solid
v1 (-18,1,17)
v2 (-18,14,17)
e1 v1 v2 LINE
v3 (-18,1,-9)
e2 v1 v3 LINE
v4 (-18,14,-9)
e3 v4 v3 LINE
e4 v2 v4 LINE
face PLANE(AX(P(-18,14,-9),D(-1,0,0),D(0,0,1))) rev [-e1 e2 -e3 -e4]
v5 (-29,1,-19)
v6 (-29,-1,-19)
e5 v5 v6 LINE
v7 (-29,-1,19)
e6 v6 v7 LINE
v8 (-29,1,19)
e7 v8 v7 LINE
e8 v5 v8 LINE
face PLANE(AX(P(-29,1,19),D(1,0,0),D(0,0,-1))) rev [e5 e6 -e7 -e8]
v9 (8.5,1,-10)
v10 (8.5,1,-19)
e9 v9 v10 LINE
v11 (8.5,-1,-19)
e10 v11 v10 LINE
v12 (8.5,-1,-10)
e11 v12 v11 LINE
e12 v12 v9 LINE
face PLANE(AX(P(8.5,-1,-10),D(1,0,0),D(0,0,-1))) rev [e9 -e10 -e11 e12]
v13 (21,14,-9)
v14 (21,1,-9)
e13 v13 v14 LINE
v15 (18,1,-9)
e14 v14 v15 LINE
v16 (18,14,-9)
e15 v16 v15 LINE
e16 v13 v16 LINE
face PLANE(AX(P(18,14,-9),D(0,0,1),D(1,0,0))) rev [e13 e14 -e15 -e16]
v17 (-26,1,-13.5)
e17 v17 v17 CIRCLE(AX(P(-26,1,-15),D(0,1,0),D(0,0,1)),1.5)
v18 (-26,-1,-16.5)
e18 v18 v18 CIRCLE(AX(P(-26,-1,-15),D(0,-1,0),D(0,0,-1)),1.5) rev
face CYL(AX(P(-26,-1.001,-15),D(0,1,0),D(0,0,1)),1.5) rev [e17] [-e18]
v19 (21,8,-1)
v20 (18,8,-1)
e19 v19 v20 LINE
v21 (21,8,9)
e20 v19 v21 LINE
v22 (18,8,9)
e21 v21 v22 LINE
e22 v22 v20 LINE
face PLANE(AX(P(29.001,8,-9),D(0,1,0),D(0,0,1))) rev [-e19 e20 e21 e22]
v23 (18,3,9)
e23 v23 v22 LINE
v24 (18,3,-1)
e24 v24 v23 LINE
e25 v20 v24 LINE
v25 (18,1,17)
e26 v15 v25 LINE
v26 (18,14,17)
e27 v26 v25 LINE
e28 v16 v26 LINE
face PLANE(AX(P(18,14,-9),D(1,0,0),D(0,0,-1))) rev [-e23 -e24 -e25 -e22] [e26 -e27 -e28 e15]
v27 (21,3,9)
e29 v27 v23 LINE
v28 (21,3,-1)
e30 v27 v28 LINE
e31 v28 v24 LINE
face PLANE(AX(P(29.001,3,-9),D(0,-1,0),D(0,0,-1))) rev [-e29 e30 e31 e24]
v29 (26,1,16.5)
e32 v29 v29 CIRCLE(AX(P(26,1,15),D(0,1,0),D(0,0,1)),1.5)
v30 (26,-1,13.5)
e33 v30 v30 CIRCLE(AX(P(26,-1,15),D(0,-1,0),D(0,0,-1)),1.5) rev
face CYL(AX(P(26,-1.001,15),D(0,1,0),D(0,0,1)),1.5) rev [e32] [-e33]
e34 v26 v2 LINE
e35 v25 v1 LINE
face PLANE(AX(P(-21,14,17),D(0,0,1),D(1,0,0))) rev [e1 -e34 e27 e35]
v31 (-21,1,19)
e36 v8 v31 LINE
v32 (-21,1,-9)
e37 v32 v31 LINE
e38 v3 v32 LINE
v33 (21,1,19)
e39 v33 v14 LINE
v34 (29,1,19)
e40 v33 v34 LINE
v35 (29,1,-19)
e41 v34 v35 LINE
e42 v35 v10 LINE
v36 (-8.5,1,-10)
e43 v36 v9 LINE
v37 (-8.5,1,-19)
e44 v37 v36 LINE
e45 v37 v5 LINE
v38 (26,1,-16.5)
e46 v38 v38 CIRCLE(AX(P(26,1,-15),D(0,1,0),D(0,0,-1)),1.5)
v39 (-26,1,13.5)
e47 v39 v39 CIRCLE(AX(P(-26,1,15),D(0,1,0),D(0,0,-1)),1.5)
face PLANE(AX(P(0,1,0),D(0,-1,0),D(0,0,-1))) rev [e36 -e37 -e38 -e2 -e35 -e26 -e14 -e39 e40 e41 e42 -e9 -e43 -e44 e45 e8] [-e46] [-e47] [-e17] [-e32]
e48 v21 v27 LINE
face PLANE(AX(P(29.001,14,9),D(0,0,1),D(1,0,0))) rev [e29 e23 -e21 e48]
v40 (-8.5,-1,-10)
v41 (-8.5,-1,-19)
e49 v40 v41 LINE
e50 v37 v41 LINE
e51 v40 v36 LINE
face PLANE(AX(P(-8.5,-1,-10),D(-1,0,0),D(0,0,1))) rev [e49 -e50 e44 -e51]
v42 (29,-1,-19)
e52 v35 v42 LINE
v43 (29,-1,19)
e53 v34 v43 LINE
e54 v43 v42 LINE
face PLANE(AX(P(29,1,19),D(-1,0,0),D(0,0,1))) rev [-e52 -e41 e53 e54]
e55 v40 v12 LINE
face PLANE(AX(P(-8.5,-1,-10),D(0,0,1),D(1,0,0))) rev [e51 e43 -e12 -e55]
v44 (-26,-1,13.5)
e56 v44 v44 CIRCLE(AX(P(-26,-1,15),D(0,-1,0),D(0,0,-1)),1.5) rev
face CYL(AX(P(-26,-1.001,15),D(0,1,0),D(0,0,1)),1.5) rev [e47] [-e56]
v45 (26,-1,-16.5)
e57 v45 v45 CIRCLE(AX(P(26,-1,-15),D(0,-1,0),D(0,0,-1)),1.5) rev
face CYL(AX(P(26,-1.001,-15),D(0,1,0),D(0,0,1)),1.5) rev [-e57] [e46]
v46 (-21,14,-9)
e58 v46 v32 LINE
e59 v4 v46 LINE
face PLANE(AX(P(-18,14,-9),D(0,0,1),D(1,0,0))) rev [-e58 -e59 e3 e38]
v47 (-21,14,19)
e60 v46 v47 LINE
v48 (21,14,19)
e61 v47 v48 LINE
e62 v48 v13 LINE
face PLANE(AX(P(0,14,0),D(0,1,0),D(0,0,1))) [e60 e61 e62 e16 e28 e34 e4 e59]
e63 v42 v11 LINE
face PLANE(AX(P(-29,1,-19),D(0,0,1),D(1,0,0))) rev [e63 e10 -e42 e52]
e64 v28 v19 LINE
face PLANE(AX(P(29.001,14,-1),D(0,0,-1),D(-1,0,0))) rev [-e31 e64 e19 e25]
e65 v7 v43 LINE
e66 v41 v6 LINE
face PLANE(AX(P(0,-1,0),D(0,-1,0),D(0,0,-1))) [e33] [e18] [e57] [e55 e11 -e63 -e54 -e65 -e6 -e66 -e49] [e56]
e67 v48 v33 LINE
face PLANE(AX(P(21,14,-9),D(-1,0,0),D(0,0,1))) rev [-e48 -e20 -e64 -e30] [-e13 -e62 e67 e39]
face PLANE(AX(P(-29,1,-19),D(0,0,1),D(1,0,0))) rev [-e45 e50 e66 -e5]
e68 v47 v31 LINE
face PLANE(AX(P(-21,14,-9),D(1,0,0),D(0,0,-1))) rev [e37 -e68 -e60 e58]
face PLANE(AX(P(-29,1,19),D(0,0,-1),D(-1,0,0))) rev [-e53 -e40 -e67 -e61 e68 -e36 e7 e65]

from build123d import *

# Parameters (mm, degrees)
SKETCH1_W               = 58
SKETCH1_H               = 38
BOSS_EXTRUDE1_DEPTH     = 1
CUT_EXTRUDE1_DEPTH      = 35.684290392
CUT_EXTRUDE1_DEPTH_BACK = 35.684290392
SKETCH2_W               = 17
SKETCH2_H               = 14.502040096
SKETCH3_W               = 3
SKETCH3_H               = 27
BOSS_EXTRUDE2_DEPTH     = 13
SKETCH4_W               = 42
SKETCH4_H               = 2
BOSS_EXTRUDE3_DEPTH     = 13
CUT_EXTRUDE2_START      = -42
SKETCH5_W               = 10
SKETCH5_H               = 5
CUT_EXTRUDE2_DEPTH      = 3
CUT_EXTRUDE3_REACH      = 39.027
SKETCH6_R               = 1.5


with BuildPart() as part:
    # Sketch1 → Boss-Extrude1 (new, symmetric)
    with BuildSketch(Plane(origin=(0, 0, 0), x_dir=(1, 0, 0), z_dir=(0, 1, 0))):
        Rectangle(SKETCH1_W, SKETCH1_H)
    extrude(amount=BOSS_EXTRUDE1_DEPTH, both=True)

    # Sketch2 → Cut-Extrude1 (cut, two sides: drawn at the far end of the back side and taken through both)
    with BuildSketch(Plane(origin=(0, 0, 0), x_dir=(1, 0, 0), z_dir=(0, 1, 0)).offset(-CUT_EXTRUDE1_DEPTH_BACK)):
        with Locations((0, 17.251020048)):
            Rectangle(SKETCH2_W, SKETCH2_H)
    extrude(amount=CUT_EXTRUDE1_DEPTH + CUT_EXTRUDE1_DEPTH_BACK, mode=Mode.SUBTRACT)

    # Sketch3 → Boss-Extrude2 (add)
    with BuildSketch(Plane(origin=(0, 1, 0), x_dir=(1, 0, 0), z_dir=(0, 1, 0))):
        with Locations((19.5, -4.5)):
            Rectangle(SKETCH3_W, SKETCH3_H)
        with Locations((-19.5, -4.5)):
            Rectangle(SKETCH3_W, SKETCH3_H)
    extrude(amount=BOSS_EXTRUDE2_DEPTH)

    # Sketch4 → Boss-Extrude3 (add)
    with BuildSketch(Plane(origin=(0, 1, 0), x_dir=(1, 0, 0), z_dir=(0, 1, 0))):
        with Locations((0, -18)):
            Rectangle(SKETCH4_W, SKETCH4_H)
    extrude(amount=BOSS_EXTRUDE3_DEPTH)

    # Sketch5 → Cut-Extrude2 (cut)
    with BuildSketch(Plane.ZY.offset(21).offset(CUT_EXTRUDE2_START)):
        with Locations((4, 5.5)):
            Rectangle(SKETCH5_W, SKETCH5_H)
    extrude(amount=CUT_EXTRUDE2_DEPTH, mode=Mode.SUBTRACT)

    # Sketch6 → Cut-Extrude3 (cut, up to next)
    with BuildSketch(Plane(origin=(0, 1, 0), x_dir=(1, 0, 0), z_dir=(0, 1, 0)), mode=Mode.PRIVATE) as cut_extrude3_sk1:
        with Locations(Location((-26, 15, 0), (0, 0, 270))):
            Circle(SKETCH6_R)
    cut_extrude3_tool1 = extrude(cut_extrude3_sk1.sketch, amount=-CUT_EXTRUDE3_REACH, mode=Mode.PRIVATE) & part.part
    # Sketch6 → Cut-Extrude3 (cut, up to next)
    with BuildSketch(Plane(origin=(0, 1, 0), x_dir=(1, 0, 0), z_dir=(0, 1, 0)), mode=Mode.PRIVATE) as cut_extrude3_sk2:
        with Locations(Location((-26, -15, 0), (0, 0, 90))):
            Circle(SKETCH6_R)
    cut_extrude3_tool2 = extrude(cut_extrude3_sk2.sketch, amount=-CUT_EXTRUDE3_REACH, mode=Mode.PRIVATE) & part.part
    # Sketch6 → Cut-Extrude3 (cut, up to next)
    with BuildSketch(Plane(origin=(0, 1, 0), x_dir=(1, 0, 0), z_dir=(0, 1, 0)), mode=Mode.PRIVATE) as cut_extrude3_sk3:
        with Locations(Location((26, -15, 0), (0, 0, 270))):
            Circle(SKETCH6_R)
    cut_extrude3_tool3 = extrude(cut_extrude3_sk3.sketch, amount=-CUT_EXTRUDE3_REACH, mode=Mode.PRIVATE) & part.part
    # Sketch6 → Cut-Extrude3 (cut, up to next)
    with BuildSketch(Plane(origin=(0, 1, 0), x_dir=(1, 0, 0), z_dir=(0, 1, 0)), mode=Mode.PRIVATE) as cut_extrude3_sk4:
        with Locations(Location((26, 15, 0), (0, 0, 90))):
            Circle(SKETCH6_R)
    cut_extrude3_tool4 = extrude(cut_extrude3_sk4.sketch, amount=-CUT_EXTRUDE3_REACH, mode=Mode.PRIVATE) & part.part
    add(cut_extrude3_tool1.solids().sort_by_distance((-26, 1, -15))[0], mode=Mode.SUBTRACT)
    add(cut_extrude3_tool2.solids().sort_by_distance((-26, 1, 15))[0], mode=Mode.SUBTRACT)
    add(cut_extrude3_tool3.solids().sort_by_distance((26, 1, 15))[0], mode=Mode.SUBTRACT)
    add(cut_extrude3_tool4.solids().sort_by_distance((26, 1, -15))[0], mode=Mode.SUBTRACT)


solid = part.part
